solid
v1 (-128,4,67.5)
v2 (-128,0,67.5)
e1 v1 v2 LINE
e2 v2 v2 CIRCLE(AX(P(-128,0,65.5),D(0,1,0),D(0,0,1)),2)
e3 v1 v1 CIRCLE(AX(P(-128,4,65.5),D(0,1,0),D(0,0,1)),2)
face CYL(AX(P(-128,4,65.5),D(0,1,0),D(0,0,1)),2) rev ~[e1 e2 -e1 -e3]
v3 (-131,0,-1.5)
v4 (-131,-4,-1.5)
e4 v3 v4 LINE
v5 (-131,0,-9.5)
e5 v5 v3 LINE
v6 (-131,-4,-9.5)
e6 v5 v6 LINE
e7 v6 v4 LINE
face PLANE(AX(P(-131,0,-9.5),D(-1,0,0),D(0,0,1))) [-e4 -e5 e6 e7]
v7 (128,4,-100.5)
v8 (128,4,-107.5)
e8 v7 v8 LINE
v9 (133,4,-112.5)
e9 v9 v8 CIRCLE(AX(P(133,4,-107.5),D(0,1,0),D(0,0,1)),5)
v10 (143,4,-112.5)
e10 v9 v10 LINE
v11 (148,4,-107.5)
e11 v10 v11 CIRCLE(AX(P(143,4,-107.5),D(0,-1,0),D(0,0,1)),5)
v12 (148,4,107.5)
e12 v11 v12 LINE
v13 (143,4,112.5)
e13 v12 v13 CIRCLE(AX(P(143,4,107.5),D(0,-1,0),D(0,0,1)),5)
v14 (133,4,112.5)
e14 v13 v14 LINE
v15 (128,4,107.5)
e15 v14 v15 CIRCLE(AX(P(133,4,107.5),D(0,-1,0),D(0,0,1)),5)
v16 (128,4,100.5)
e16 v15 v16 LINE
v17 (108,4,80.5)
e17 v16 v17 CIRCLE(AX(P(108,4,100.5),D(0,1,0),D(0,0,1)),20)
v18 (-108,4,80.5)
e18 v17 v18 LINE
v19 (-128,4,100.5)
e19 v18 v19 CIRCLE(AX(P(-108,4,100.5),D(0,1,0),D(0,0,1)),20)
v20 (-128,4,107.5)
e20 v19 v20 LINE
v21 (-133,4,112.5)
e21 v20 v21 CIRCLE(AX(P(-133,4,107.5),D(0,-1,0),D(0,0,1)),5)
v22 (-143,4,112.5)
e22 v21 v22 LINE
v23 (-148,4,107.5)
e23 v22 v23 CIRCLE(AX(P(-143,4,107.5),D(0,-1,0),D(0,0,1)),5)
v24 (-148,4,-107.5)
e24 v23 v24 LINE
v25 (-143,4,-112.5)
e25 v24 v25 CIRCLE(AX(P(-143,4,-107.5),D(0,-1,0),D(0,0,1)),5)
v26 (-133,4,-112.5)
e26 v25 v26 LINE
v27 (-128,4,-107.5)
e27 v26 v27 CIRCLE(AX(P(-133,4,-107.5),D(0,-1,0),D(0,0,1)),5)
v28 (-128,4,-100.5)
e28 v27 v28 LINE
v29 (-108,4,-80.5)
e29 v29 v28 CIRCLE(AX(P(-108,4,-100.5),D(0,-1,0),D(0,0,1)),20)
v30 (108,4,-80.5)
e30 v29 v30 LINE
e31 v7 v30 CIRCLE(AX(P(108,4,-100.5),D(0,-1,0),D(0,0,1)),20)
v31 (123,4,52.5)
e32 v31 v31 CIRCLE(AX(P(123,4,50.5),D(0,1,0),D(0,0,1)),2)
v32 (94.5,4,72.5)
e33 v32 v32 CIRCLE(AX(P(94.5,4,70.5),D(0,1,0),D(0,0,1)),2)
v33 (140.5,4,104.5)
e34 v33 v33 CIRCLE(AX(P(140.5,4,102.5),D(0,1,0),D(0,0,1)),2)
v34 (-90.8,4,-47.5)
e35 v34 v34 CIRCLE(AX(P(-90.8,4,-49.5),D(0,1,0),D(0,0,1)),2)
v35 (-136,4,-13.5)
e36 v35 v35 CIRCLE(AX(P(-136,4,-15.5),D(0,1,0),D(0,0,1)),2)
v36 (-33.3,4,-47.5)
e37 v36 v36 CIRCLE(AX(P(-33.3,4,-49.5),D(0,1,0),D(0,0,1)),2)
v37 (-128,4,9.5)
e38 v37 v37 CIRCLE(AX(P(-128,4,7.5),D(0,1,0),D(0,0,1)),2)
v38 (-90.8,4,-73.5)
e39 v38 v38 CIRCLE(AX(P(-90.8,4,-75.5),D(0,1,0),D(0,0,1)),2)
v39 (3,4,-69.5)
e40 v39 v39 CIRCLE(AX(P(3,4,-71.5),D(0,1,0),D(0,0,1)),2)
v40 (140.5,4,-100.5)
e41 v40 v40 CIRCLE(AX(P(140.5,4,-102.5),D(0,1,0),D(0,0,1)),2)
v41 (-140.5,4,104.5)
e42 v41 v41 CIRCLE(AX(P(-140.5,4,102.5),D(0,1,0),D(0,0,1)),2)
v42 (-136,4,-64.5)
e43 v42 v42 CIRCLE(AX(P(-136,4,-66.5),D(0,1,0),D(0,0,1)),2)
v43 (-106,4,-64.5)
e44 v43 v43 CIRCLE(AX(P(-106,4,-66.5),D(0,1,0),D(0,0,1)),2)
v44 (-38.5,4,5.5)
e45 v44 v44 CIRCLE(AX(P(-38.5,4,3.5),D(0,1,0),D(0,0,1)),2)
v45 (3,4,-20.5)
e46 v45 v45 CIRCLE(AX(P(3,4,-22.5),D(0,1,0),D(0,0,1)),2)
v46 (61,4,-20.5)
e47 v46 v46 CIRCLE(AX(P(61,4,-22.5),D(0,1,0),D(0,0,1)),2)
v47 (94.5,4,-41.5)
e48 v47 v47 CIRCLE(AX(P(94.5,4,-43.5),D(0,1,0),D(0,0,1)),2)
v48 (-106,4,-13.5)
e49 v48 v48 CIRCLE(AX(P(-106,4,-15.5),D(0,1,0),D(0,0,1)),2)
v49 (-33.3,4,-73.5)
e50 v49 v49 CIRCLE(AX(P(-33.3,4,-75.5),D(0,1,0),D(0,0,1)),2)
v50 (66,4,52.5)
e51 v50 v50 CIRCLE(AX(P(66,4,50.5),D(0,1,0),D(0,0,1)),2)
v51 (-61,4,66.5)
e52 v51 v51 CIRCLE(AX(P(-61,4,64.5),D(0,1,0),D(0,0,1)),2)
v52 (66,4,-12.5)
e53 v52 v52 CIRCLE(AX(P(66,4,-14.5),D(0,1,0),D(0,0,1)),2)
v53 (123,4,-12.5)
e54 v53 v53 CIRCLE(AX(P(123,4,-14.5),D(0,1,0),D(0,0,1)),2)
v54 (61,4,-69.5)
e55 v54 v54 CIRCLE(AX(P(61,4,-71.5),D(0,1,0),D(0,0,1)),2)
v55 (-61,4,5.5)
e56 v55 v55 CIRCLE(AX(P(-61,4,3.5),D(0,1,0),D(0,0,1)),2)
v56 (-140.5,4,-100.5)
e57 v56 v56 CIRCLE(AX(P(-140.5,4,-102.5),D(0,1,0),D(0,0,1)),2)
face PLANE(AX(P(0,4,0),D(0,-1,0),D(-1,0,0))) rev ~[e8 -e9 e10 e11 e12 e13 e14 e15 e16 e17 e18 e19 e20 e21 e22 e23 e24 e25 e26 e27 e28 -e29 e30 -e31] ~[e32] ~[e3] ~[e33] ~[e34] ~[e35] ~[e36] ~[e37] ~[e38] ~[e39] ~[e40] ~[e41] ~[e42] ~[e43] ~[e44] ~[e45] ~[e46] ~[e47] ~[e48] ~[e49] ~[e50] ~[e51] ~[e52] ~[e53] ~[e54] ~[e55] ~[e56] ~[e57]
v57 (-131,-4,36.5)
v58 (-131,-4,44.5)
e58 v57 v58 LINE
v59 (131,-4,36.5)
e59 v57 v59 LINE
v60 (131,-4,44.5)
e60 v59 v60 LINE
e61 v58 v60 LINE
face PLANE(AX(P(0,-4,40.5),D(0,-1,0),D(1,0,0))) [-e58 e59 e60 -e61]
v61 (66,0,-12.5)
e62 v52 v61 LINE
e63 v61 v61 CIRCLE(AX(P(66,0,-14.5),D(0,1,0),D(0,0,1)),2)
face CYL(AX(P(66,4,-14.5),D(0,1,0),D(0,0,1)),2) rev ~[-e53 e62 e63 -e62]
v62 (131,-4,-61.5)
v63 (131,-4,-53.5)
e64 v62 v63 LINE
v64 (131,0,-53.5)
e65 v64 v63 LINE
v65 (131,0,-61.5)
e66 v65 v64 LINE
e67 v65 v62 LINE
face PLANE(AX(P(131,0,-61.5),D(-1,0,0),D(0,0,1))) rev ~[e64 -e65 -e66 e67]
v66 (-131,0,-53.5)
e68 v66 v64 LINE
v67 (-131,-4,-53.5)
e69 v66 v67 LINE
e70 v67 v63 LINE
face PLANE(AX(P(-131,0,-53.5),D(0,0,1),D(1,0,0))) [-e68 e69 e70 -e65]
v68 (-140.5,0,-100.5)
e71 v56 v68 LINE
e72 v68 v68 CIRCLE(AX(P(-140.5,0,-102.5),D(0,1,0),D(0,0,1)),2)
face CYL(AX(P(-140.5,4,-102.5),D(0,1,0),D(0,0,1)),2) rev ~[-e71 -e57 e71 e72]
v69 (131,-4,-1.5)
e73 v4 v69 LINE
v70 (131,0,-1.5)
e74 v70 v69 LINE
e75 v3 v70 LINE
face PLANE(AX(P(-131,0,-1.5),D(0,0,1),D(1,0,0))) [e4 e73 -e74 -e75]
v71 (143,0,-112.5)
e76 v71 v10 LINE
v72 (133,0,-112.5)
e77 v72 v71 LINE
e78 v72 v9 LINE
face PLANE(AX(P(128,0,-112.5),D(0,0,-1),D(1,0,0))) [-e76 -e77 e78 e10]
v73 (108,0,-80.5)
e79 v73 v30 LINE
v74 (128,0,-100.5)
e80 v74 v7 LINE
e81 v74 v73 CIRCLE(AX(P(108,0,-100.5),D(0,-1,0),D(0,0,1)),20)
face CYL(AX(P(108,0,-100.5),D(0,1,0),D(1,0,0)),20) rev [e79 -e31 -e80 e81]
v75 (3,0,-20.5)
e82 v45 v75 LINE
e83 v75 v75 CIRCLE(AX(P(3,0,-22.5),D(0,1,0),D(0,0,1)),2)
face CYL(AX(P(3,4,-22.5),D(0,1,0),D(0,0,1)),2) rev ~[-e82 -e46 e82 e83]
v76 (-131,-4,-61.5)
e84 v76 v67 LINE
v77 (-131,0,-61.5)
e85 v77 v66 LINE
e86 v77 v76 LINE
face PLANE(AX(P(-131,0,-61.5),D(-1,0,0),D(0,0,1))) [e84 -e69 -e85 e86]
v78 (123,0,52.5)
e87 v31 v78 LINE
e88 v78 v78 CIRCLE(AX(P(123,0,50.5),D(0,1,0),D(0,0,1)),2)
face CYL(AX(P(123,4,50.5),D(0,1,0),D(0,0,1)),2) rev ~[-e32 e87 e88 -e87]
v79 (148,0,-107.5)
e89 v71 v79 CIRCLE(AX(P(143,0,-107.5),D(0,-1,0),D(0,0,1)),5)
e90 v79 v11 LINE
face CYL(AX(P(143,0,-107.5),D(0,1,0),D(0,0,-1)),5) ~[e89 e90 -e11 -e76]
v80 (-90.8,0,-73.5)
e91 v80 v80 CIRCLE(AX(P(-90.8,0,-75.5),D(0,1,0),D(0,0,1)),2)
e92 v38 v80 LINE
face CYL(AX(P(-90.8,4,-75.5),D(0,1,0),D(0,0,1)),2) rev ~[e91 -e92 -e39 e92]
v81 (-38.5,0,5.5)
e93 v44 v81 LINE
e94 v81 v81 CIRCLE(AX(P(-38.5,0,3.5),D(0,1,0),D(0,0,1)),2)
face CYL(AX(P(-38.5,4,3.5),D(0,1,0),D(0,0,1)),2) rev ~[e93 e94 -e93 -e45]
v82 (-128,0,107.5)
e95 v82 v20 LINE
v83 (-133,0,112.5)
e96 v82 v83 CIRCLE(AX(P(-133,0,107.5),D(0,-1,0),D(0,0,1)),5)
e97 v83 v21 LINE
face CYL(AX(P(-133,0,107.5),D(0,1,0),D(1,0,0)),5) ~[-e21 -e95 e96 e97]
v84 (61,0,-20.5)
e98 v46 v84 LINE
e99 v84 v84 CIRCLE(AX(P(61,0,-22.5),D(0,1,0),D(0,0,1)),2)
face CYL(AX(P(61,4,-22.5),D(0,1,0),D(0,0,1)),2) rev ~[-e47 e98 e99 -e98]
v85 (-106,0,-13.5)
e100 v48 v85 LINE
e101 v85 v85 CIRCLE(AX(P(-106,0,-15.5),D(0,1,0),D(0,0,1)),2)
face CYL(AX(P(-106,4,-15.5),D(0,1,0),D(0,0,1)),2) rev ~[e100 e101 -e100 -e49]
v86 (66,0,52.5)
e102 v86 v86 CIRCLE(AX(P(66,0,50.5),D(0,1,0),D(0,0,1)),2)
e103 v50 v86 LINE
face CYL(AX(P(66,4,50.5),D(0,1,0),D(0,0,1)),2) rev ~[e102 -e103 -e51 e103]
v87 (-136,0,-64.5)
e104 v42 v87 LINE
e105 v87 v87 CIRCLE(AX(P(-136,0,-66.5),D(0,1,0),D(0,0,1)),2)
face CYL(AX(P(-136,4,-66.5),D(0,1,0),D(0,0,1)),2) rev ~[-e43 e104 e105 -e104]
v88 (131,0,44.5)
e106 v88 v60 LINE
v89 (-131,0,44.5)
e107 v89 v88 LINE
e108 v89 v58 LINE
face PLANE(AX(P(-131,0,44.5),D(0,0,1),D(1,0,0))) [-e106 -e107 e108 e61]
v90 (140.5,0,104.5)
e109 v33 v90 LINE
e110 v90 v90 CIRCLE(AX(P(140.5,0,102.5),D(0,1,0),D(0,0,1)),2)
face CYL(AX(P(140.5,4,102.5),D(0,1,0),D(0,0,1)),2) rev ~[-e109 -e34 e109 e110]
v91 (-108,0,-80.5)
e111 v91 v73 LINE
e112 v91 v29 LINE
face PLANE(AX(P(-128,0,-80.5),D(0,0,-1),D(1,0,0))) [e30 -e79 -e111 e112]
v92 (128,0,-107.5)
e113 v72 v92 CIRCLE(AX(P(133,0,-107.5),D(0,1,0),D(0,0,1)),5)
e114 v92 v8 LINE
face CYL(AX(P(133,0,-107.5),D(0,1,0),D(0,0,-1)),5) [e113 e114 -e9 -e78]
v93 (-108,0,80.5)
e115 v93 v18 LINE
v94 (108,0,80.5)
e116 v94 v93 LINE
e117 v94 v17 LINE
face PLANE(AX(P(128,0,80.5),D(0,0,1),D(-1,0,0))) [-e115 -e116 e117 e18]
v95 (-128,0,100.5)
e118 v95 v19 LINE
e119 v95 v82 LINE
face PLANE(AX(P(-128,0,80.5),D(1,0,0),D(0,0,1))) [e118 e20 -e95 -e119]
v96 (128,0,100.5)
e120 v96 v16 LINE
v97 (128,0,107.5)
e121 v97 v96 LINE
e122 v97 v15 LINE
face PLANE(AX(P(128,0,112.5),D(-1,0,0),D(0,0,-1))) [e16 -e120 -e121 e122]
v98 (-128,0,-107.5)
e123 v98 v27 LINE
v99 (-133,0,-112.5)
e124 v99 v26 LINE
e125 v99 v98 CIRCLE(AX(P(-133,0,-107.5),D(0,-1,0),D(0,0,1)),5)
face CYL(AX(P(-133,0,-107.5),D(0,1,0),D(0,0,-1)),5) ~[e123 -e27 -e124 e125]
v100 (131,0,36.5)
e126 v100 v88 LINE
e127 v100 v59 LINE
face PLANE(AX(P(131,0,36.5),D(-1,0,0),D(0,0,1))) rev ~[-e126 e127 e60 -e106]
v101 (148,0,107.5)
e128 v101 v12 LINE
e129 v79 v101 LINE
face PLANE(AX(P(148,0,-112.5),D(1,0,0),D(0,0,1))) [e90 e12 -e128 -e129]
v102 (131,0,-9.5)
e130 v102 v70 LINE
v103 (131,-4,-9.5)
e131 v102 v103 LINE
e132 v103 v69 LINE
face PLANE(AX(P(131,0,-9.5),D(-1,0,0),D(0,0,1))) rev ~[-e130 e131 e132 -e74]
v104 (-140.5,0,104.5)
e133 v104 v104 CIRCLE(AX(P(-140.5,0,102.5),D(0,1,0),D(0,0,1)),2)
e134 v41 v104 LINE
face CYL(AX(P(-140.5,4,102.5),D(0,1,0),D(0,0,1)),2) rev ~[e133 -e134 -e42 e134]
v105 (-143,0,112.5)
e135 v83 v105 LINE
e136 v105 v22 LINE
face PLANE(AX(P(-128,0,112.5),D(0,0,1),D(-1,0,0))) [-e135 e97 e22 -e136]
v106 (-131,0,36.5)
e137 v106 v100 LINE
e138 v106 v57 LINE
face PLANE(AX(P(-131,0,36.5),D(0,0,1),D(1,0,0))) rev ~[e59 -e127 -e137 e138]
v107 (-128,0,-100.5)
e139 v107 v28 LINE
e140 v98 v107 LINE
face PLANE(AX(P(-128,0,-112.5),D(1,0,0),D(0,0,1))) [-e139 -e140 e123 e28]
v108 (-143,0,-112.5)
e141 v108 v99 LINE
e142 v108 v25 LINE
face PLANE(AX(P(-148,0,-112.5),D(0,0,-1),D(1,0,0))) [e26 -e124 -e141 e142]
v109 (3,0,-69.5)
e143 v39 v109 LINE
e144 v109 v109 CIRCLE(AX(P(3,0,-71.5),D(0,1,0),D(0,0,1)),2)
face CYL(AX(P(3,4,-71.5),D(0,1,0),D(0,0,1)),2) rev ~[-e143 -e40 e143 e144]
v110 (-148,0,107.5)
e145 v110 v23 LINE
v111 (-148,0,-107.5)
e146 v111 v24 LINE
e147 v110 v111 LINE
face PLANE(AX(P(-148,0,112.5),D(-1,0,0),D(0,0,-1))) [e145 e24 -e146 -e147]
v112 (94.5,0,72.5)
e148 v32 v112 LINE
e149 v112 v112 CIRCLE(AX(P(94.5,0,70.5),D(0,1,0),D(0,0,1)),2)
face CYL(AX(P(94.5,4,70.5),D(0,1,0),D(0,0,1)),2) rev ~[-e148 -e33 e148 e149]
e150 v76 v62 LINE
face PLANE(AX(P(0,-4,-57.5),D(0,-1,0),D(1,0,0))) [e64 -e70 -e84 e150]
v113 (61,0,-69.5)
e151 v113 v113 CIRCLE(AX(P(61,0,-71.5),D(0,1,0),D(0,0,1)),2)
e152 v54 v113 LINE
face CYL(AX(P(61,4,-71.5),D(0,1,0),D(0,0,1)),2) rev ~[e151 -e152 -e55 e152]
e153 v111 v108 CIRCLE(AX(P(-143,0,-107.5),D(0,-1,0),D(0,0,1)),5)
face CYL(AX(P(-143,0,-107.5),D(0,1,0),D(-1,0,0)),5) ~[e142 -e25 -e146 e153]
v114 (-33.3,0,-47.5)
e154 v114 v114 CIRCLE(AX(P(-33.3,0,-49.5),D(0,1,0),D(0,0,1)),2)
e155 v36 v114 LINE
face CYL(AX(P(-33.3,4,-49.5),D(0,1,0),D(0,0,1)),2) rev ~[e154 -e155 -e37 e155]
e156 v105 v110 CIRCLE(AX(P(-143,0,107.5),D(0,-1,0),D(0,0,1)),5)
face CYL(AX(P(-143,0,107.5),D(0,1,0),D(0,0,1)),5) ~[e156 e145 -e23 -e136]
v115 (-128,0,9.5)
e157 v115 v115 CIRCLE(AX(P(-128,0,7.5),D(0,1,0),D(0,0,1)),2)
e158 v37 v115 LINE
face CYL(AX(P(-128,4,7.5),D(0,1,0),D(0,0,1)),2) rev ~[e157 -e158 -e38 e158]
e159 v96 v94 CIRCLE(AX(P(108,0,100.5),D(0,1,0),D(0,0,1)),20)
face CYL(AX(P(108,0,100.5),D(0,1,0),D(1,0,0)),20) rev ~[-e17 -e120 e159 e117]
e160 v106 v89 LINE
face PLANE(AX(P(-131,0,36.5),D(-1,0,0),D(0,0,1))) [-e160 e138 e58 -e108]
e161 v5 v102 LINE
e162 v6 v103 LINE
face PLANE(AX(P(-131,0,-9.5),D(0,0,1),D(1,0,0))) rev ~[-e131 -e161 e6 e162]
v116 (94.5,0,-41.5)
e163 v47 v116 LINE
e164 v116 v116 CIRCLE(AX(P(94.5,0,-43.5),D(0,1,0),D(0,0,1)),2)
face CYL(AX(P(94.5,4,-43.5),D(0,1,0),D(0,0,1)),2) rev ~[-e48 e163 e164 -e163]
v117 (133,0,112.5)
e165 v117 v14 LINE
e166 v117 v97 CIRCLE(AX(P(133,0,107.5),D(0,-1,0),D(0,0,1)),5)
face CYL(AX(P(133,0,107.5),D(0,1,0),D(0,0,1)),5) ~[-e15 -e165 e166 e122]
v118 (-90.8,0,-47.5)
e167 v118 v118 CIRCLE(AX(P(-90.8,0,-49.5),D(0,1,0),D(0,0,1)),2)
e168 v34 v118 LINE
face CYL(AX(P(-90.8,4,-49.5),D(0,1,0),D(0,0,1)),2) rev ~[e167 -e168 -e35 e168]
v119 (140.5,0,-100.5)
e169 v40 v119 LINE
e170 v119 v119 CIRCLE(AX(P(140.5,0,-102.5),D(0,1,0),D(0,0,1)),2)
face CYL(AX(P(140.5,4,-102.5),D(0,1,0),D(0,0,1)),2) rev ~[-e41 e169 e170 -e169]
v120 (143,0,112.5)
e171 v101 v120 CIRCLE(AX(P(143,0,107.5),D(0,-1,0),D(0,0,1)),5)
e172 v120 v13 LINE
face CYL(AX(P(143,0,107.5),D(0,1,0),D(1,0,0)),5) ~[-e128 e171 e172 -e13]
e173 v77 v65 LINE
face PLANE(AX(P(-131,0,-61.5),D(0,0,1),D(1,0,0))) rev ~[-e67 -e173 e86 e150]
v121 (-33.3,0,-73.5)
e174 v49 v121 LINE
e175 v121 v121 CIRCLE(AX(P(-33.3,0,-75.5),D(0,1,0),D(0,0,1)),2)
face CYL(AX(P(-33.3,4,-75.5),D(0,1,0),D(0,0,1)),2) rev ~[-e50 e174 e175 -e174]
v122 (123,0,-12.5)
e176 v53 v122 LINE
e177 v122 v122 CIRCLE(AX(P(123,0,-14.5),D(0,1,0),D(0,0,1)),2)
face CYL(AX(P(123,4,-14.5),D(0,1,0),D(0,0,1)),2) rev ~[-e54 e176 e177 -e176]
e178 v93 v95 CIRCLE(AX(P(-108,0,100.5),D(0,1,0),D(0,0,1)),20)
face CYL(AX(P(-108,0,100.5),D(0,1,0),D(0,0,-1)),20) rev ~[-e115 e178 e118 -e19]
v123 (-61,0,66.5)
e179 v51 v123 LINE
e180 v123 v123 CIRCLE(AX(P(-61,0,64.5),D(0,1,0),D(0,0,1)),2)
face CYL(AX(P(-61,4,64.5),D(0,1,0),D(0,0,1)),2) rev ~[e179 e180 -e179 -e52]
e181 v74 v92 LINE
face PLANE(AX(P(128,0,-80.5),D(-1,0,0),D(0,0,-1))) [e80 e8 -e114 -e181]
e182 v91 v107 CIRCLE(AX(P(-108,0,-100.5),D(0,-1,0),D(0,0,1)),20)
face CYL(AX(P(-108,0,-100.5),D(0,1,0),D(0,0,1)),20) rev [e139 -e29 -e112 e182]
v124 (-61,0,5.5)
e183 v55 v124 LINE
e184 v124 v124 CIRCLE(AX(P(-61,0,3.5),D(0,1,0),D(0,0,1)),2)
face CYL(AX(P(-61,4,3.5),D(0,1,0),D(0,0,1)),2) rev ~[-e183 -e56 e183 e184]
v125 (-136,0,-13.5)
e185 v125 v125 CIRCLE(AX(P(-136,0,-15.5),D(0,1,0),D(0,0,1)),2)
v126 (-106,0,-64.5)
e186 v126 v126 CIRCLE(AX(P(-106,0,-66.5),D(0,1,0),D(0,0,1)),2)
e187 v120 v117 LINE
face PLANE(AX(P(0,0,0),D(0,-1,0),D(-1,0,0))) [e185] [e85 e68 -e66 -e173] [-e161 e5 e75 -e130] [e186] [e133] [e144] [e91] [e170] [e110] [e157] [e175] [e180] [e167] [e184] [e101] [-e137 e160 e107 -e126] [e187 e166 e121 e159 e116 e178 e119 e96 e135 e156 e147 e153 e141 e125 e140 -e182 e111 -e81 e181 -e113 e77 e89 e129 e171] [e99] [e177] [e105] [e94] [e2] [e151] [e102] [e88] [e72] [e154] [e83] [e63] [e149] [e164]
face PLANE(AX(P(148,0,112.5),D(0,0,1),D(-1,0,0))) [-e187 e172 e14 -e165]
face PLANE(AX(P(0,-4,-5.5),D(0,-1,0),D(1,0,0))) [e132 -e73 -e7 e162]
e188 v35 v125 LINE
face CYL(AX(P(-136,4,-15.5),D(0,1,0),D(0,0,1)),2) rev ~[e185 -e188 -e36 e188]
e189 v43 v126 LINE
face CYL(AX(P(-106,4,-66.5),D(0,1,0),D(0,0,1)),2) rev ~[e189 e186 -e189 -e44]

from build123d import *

# Parameters (mm, degrees)
BOSS_EXTRUDE1_DEPTH = 4
FILLET1_R           = 5
FILLET2_R           = 20
SKETCH3_R           = 2
CUT_EXTRUDE1_DEPTH  = 5
SKETCH4_R           = 2
CUT_EXTRUDE2_DEPTH  = 10
SKETCH5_W           = 262
SKETCH5_H           = 8
BOSS_EXTRUDE2_DEPTH = 4


with BuildPart() as part:
    # Sketch1 → Boss-Extrude1 (new body)
    with BuildSketch(Plane(origin=(0, 0, 0), x_dir=(1, 0, 0), z_dir=(0, 1, 0))):
        Polygon((128, 112.5), (148, 112.5), (148, -112.5), (128, -112.5), (128, -80.5), (-128, -80.5), (-128, -112.5), (-148, -112.5), (-148, 112.5), (-128, 112.5), (-128, 80.5), (128, 80.5), align=None)
    extrude(amount=BOSS_EXTRUDE1_DEPTH)

    # Fillet1
    fillet1_edges = [part.edges().sort_by_distance(p)[0] for p in [
        (148, 2, 112.5),
        (128, 2, 112.5),
        (-128, 2, 112.5),
        (-148, 2, 112.5),
        (-148, 2, -112.5),
        (-128, 2, -112.5),
        (128, 2, -112.5),
        (148, 2, -112.5),
    ]]
    fillet(fillet1_edges, radius=FILLET1_R)

    # Fillet2
    fillet2_edges = [part.edges().sort_by_distance(p)[0] for p in [
        (128, 2, 80.5),
        (-128, 2, 80.5),
        (-128, 2, -80.5),
        (128, 2, -80.5),
    ]]
    fillet(fillet2_edges, radius=FILLET2_R)

    # Sketch3 → Cut-Extrude1 (cut)
    with BuildSketch(Plane(origin=(0, 4, 0), x_dir=(1, 0, 0), z_dir=(0, 1, 0))):
        with Locations(Location((-140.5, 102.5, 0), (0, 0, 270))):
            Circle(SKETCH3_R)
        with Locations(Location((140.5, 102.5, 0), (0, 0, 270))):
            Circle(SKETCH3_R)
        with Locations(Location((140.5, -102.5, 0), (0, 0, 270))):
            Circle(SKETCH3_R)
        with Locations(Location((-140.5, -102.5, 0), (0, 0, 270))):
            Circle(SKETCH3_R)
    extrude(amount=-CUT_EXTRUDE1_DEPTH, mode=Mode.SUBTRACT)

    # Sketch4 → Cut-Extrude2 (cut)
    with BuildSketch(Plane(origin=(0, 4, 0), x_dir=(1, 0, 0), z_dir=(0, 1, 0))):
        with Locations(Location((-136, 66.5, 0), (0, 0, 270))):
            Circle(SKETCH4_R)
        with Locations(Location((-136, 15.5, 0), (0, 0, 270))):
            Circle(SKETCH4_R)
        with Locations(Location((-106, 15.5, 0), (0, 0, 270))):
            Circle(SKETCH4_R)
        with Locations(Location((-106, 66.5, 0), (0, 0, 270))):
            Circle(SKETCH4_R)
        with Locations(Location((-90.8, 75.5, 0), (0, 0, 270))):
            Circle(SKETCH4_R)
        with Locations(Location((-90.8, 49.5, 0), (0, 0, 270))):
            Circle(SKETCH4_R)
        with Locations(Location((-33.3, 75.5, 0), (0, 0, 270))):
            Circle(SKETCH4_R)
        with Locations(Location((-33.3, 49.5, 0), (0, 0, 270))):
            Circle(SKETCH4_R)
        with Locations(Location((3, 71.5, 0), (0, 0, 270))):
            Circle(SKETCH4_R)
        with Locations(Location((61, 71.5, 0), (0, 0, 270))):
            Circle(SKETCH4_R)
        with Locations(Location((61, 22.5, 0), (0, 0, 270))):
            Circle(SKETCH4_R)
        with Locations(Location((3, 22.5, 0), (0, 0, 270))):
            Circle(SKETCH4_R)
        with Locations(Location((66, 14.5, 0), (0, 0, 270))):
            Circle(SKETCH4_R)
        with Locations(Location((123, 14.5, 0), (0, 0, 270))):
            Circle(SKETCH4_R)
        with Locations(Location((123, -50.5, 0), (0, 0, 270))):
            Circle(SKETCH4_R)
        with Locations(Location((66, -50.5, 0), (0, 0, 270))):
            Circle(SKETCH4_R)
        with Locations(Location((94.5, 43.5, 0), (0, 0, 270))):
            Circle(SKETCH4_R)
        with Locations(Location((94.5, -70.5, 0), (0, 0, 270))):
            Circle(SKETCH4_R)
        with Locations(Location((-128, -7.5, 0), (0, 0, 270))):
            Circle(SKETCH4_R)
        with Locations(Location((-128, -65.5, 0), (0, 0, 270))):
            Circle(SKETCH4_R)
        with Locations(Location((-61, -64.5, 0), (0, 0, 270))):
            Circle(SKETCH4_R)
        with Locations(Location((-61, -3.5, 0), (0, 0, 270))):
            Circle(SKETCH4_R)
        with Locations(Location((-38.5, -3.5, 0), (0, 0, 270))):
            Circle(SKETCH4_R)
    extrude(amount=-CUT_EXTRUDE2_DEPTH, mode=Mode.SUBTRACT)

    # Sketch5 → Boss-Extrude2 (add)
    with BuildSketch(Plane.XZ):
        with Locations((0, 40.5)):
            Rectangle(SKETCH5_W, SKETCH5_H)
        with Locations((0, -5.5)):
            Rectangle(SKETCH5_W, SKETCH5_H)
        with Locations((0, -57.5)):
            Rectangle(SKETCH5_W, SKETCH5_H)
    extrude(amount=BOSS_EXTRUDE2_DEPTH)


solid = part.part
